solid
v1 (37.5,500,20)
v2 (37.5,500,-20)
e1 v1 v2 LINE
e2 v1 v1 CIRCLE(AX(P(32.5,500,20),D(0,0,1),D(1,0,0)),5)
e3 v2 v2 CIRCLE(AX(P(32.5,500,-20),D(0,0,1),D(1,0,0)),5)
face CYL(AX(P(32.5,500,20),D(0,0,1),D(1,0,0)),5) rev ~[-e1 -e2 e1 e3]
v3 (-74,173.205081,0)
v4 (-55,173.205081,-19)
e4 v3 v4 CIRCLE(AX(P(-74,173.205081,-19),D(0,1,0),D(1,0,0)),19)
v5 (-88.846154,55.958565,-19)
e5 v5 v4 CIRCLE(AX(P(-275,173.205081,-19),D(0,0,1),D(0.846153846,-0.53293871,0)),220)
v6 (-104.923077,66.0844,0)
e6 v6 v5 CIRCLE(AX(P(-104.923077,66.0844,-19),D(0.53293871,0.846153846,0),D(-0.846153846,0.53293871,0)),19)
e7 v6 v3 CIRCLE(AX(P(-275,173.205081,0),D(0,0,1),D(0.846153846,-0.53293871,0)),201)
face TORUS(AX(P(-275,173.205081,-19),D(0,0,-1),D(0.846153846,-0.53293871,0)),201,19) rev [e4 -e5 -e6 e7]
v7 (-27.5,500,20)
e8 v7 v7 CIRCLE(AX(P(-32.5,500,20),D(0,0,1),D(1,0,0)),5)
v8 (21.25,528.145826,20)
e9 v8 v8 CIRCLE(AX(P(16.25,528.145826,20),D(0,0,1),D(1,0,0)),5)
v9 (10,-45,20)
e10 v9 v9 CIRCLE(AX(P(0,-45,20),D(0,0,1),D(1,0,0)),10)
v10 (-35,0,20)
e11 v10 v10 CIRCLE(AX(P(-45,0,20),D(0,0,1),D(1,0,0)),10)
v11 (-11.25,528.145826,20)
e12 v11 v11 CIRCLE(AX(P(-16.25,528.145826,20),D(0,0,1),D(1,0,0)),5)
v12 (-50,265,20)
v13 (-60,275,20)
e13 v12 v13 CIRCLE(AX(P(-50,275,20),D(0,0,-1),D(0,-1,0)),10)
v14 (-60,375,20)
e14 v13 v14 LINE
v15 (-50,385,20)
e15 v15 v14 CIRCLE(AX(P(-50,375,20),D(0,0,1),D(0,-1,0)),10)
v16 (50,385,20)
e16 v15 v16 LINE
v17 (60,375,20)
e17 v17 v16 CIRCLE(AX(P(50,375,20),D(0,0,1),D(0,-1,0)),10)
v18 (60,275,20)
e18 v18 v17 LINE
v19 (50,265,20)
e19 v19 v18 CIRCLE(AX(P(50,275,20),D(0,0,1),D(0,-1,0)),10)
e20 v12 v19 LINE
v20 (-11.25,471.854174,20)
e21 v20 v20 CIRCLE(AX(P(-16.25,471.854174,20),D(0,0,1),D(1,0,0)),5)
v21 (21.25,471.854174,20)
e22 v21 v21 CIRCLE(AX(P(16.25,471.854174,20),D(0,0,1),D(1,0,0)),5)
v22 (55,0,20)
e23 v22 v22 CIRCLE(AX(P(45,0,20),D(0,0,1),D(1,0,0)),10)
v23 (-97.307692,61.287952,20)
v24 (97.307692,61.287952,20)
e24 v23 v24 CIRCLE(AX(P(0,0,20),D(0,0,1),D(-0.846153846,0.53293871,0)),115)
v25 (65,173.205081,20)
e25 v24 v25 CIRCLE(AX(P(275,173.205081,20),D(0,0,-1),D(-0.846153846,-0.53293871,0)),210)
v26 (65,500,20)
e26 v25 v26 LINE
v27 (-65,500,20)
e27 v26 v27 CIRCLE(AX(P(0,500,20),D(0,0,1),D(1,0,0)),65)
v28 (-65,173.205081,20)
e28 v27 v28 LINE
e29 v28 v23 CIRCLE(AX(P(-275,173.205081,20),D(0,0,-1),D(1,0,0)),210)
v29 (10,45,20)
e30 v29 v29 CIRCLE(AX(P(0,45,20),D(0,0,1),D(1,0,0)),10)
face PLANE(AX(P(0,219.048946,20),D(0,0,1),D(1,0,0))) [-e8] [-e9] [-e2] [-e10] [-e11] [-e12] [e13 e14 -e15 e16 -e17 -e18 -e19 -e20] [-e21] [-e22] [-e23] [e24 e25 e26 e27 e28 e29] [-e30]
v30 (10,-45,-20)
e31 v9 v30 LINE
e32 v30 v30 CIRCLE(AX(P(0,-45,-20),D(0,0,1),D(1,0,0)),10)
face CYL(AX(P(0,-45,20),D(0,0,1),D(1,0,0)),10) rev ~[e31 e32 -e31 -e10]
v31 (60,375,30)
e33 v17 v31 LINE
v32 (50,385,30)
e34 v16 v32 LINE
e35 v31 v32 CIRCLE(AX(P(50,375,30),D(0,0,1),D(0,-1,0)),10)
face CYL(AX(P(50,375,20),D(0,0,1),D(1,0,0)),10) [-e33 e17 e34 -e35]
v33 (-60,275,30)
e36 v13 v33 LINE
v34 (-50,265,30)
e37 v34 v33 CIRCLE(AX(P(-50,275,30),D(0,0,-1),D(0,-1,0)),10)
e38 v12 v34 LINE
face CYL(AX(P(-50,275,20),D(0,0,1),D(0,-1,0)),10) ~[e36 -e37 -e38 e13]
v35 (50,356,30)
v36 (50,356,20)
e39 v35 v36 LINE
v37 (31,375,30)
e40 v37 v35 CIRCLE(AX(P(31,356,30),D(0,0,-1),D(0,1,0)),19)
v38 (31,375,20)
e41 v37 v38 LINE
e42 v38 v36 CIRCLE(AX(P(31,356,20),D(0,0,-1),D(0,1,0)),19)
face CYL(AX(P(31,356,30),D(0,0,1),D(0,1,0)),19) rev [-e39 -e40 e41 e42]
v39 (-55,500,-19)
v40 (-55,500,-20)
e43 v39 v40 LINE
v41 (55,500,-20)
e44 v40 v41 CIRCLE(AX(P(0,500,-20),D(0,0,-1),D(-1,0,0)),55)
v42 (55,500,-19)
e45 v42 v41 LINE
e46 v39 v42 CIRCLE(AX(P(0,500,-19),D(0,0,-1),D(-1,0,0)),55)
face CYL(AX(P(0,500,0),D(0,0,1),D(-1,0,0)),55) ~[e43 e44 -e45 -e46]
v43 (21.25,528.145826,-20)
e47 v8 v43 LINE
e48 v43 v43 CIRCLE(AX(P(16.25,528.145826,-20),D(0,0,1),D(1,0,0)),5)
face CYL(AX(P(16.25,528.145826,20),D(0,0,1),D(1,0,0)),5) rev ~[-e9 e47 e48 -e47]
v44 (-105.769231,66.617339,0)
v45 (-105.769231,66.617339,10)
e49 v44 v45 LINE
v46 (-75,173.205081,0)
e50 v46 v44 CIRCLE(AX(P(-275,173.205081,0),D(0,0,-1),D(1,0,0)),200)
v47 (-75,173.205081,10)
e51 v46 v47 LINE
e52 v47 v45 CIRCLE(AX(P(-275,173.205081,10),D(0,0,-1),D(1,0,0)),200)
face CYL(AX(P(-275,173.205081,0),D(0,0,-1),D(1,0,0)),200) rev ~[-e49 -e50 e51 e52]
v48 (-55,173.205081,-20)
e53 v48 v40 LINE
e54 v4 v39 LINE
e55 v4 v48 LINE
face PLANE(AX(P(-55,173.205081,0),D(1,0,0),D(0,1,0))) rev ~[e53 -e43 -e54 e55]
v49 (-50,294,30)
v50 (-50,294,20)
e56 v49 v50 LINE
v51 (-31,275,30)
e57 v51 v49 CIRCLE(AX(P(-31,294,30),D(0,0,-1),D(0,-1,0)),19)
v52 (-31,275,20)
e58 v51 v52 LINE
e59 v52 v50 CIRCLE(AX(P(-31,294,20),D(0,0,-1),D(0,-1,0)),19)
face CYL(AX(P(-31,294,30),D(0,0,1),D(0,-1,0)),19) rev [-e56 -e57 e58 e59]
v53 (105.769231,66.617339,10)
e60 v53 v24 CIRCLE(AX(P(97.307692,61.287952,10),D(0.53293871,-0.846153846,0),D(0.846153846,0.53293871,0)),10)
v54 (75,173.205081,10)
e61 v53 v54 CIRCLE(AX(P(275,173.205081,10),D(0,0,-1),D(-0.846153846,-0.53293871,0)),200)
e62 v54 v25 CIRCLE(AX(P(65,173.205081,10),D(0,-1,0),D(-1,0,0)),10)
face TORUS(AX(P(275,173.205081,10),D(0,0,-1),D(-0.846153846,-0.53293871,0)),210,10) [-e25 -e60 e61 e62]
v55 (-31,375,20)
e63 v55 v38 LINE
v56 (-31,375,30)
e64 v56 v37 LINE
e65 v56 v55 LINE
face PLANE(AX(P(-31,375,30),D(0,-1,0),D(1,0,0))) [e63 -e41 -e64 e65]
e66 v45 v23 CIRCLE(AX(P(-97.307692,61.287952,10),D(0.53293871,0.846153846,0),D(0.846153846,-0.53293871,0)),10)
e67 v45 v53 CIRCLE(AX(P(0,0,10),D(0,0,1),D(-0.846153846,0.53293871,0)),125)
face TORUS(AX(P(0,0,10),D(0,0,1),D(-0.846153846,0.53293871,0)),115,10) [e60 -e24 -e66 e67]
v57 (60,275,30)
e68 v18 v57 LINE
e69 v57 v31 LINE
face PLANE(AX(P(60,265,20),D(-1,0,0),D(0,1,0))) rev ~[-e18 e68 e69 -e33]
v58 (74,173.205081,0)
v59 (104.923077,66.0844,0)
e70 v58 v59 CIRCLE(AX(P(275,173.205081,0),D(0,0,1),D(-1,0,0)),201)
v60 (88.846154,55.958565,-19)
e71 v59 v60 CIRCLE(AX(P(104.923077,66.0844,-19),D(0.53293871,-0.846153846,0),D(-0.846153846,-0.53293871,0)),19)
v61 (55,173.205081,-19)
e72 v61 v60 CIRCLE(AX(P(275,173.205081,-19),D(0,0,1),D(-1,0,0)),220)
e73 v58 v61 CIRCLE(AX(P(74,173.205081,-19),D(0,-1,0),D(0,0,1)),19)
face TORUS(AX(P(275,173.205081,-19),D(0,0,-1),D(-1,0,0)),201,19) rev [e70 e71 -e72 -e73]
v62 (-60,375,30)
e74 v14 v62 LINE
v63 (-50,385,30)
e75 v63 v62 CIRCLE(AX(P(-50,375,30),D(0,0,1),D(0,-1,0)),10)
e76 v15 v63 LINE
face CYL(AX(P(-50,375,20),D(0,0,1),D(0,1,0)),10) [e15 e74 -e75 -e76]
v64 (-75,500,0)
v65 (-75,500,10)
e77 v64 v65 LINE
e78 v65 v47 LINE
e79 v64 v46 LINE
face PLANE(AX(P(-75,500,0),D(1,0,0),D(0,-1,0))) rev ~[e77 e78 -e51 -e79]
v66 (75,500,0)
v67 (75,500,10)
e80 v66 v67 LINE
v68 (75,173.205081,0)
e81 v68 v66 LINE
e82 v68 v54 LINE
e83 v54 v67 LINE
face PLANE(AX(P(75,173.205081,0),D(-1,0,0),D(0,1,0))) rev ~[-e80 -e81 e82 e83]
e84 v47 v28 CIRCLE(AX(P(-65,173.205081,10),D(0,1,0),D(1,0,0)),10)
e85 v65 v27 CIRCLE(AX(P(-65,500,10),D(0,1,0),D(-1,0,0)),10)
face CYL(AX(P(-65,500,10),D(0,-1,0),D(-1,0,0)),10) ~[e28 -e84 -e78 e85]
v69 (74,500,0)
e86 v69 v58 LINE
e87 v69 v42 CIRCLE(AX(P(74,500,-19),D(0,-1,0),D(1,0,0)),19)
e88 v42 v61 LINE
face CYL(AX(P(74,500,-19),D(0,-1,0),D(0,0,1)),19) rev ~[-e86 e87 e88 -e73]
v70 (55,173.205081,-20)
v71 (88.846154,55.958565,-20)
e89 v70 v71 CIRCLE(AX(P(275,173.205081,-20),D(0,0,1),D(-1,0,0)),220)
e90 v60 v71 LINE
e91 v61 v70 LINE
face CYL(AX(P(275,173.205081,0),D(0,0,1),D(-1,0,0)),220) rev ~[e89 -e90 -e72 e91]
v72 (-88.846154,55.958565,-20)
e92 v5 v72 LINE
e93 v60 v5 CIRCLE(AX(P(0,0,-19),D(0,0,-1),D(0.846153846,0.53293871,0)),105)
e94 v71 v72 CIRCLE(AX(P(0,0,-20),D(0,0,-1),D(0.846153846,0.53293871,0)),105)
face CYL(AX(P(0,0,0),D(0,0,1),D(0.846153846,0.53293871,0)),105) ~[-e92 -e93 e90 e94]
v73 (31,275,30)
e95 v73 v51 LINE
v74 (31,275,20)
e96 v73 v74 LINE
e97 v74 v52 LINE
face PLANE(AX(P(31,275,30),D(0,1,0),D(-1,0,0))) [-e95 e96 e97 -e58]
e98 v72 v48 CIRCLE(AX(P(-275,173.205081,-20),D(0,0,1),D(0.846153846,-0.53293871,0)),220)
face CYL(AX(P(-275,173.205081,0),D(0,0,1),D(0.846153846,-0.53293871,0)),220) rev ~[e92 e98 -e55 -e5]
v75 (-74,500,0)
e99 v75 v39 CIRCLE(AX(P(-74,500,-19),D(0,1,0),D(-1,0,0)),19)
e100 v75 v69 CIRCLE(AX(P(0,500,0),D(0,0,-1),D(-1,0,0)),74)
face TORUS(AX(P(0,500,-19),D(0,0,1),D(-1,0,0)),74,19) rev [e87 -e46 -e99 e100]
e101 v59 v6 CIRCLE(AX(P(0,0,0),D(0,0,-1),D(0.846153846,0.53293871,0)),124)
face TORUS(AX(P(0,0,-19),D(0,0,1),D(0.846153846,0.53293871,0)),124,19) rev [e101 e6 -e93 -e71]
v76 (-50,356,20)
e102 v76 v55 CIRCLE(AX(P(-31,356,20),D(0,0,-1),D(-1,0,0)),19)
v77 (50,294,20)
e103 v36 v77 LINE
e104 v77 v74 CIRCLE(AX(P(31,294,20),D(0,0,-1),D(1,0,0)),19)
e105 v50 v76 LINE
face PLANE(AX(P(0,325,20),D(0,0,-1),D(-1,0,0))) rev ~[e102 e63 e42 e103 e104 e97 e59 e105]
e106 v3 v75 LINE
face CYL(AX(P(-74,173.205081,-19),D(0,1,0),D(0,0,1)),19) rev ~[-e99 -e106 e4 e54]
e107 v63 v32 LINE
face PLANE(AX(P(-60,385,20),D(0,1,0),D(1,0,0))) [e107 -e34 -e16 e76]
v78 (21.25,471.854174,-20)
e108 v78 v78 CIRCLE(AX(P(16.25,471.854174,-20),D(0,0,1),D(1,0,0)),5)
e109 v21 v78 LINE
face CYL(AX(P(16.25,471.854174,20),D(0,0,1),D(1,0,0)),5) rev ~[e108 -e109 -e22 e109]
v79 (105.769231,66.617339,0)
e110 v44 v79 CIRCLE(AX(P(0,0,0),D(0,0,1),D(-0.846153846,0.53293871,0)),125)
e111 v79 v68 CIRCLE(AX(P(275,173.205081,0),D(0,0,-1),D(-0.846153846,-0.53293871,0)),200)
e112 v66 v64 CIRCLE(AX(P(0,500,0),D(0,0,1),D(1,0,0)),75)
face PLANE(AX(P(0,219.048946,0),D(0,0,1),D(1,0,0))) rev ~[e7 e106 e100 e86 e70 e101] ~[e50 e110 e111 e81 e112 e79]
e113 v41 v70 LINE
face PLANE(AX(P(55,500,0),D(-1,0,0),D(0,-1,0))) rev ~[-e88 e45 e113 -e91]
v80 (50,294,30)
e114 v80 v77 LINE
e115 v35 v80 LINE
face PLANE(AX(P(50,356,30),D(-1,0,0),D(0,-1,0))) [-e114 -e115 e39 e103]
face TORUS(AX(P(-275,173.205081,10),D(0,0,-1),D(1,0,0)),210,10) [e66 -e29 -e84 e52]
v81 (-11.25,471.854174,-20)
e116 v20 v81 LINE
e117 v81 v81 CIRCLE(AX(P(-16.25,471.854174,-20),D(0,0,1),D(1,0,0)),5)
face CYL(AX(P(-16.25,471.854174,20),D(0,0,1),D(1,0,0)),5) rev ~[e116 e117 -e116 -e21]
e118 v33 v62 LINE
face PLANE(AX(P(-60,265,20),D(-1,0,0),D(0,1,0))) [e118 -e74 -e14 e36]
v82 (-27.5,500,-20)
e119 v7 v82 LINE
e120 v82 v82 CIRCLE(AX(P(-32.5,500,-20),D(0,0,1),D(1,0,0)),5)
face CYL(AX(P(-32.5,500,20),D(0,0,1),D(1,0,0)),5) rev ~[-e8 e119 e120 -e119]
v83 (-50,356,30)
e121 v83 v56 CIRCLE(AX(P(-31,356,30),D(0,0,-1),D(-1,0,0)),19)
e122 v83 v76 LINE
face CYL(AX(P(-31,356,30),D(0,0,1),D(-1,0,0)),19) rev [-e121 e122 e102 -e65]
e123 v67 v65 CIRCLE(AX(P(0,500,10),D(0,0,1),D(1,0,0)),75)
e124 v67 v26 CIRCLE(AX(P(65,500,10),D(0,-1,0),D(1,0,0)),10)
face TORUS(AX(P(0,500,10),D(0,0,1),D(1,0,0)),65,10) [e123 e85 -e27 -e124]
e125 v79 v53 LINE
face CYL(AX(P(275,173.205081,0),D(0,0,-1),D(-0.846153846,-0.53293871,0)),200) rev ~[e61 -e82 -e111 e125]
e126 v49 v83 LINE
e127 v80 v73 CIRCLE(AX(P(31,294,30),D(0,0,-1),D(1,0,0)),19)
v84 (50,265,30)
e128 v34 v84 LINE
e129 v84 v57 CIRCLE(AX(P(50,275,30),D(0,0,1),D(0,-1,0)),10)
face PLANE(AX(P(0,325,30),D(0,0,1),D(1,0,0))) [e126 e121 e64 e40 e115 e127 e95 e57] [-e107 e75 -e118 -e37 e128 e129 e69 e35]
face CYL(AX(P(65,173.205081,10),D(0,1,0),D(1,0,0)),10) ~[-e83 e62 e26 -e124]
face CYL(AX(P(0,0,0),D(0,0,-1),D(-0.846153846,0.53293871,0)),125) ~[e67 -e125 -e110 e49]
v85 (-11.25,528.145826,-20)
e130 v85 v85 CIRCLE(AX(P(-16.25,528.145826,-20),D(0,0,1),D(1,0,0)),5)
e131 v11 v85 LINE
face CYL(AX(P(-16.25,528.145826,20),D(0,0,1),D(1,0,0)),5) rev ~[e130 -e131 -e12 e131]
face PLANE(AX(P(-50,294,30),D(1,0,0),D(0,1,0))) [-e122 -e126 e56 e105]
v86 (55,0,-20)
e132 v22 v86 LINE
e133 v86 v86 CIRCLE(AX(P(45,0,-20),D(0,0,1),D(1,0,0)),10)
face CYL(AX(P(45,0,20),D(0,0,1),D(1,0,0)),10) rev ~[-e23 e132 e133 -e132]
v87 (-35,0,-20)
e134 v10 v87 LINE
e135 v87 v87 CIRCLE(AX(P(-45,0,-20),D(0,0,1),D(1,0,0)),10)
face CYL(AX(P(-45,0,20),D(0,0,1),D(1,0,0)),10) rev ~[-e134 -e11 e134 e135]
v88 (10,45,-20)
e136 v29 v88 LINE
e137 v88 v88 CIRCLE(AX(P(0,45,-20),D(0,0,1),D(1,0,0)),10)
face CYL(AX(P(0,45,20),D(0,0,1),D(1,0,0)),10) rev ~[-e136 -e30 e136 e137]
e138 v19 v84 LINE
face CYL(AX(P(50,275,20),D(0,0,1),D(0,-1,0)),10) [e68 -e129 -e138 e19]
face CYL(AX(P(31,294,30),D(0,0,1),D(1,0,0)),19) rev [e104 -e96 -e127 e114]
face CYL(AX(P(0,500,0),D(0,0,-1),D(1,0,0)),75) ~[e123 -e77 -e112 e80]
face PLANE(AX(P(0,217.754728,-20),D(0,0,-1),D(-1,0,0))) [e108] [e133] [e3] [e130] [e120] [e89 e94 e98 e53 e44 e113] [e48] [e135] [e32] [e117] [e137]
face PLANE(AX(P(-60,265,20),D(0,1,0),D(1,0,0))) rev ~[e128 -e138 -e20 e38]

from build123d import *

# Parameters (mm, degrees)
BOSS_EXTRUDE1_DEPTH = 20
BOSS_EXTRUDE2_DEPTH = 20
FILLET1_R           = 19
FILLET2_R           = 10
SKETCH3_R           = 5
SKETCH3_R_2         = 10
CUT_EXTRUDE1_DEPTH  = 590.788097561
SKETCH4_W           = 120
SKETCH4_H           = 120
BOSS_EXTRUDE3_DEPTH = 10
FILLET3_R           = 10
CUT_EXTRUDE2_DEPTH  = 10


with BuildPart() as part:
    # Sketch1 → Boss-Extrude1 (new body)
    with BuildSketch(Plane.XY):
        with BuildLine():
            Line((-75, 500), (-75, 173.205080757))
            ThreePointArc((-75, 173.205080757), (-82.846215434, 117.735061134), (-105.769230769, 66.617338753))
            ThreePointArc((-105.769230769, 66.617338753), (0, -125), (105.769230769, 66.617338753))
            ThreePointArc((105.769230769, 66.617338753), (82.846215434, 117.735061134), (75, 173.205080757))
            Line((75, 173.205080757), (75, 500))
            ThreePointArc((75, 500), (0, 575), (-75, 500))
        make_face()
    extrude(amount=BOSS_EXTRUDE1_DEPTH)

    # Sketch2 → Boss-Extrude2 (add)
    with BuildSketch(Plane(origin=(0, 0, 0), x_dir=(-1, 0, 0), z_dir=(0, 0, -1))):
        with BuildLine():
            Line((-55, 500), (-55, 173.205080757))
            ThreePointArc((-55, 173.205080757), (-63.630836977, 112.188059172), (-88.846153846, 55.958564552))
            ThreePointArc((-88.846153846, 55.958564552), (0, -105), (88.846153846, 55.958564552))
            ThreePointArc((88.846153846, 55.958564552), (63.630836977, 112.188059172), (55, 173.205080757))
            Line((55, 173.205080757), (55, 500))
            ThreePointArc((55, 500), (0, 555), (-55, 500))
        make_face()
    extrude(amount=BOSS_EXTRUDE2_DEPTH)

    # Fillet1
    fillet1_edges = [part.edges().sort_by_distance(p)[0] for p in [
        (0, 555, 0),
        (55, 336.602540378, 0),
        (63.630836977, 112.188059172, 0),
        (0, -105, 0),
        (-63.630836977, 112.188059172, 0),
        (-55, 336.602540378, 0),
    ]]
    fillet(fillet1_edges, radius=FILLET1_R)

    # Fillet2
    fillet2_edges = [part.edges().sort_by_distance(p)[0] for p in [
        (-82.846215434, 117.735061134, 20),
        (0, -125, 20),
        (82.846215434, 117.735061134, 20),
        (75, 336.602540378, 20),
        (0, 575, 20),
        (-75, 336.602540378, 20),
    ]]
    fillet(fillet2_edges, radius=FILLET2_R)

    # Sketch3 → Cut-Extrude1 (cut, through all)
    with BuildSketch(Plane.XY.offset(20)):
        with Locations((-32.5, 500)):
            Circle(SKETCH3_R)
        with Locations((-16.25, 528.145825623)):
            Circle(SKETCH3_R)
        with Locations((16.25, 528.145825623)):
            Circle(SKETCH3_R)
        with Locations((32.5, 500)):
            Circle(SKETCH3_R)
        with Locations((16.25, 471.854174377)):
            Circle(SKETCH3_R)
        with Locations((-16.25, 471.854174377)):
            Circle(SKETCH3_R)
        with Locations((-45, 0)):
            Circle(SKETCH3_R_2)
        with Locations((0, 45)):
            Circle(SKETCH3_R_2)
        with Locations((45, 0)):
            Circle(SKETCH3_R_2)
        with Locations((0, -45)):
            Circle(SKETCH3_R_2)
    extrude(amount=-CUT_EXTRUDE1_DEPTH, mode=Mode.SUBTRACT)

    # Sketch4 → Boss-Extrude3 (add)
    with BuildSketch(Plane.XY.offset(20)):
        with Locations((0, 325)):
            Rectangle(SKETCH4_W, SKETCH4_H)
    extrude(amount=BOSS_EXTRUDE3_DEPTH)

    # Fillet3
    fillet3_edges = [part.edges().sort_by_distance(p)[0] for p in [
        (60, 265, 25),
        (60, 385, 25),
        (-60, 385, 25),
        (-60, 265, 25),
    ]]
    fillet(fillet3_edges, radius=FILLET3_R)

    # Sketch5 → Cut-Extrude2 (cut)
    with BuildSketch(Plane.XY.offset(30)):
        with BuildLine():
            Line((31, 275), (-31, 275))
            ThreePointArc((-31, 275), (-44.435028843, 280.564971157), (-50, 294))
            Line((-50, 294), (-50, 356))
            ThreePointArc((-50, 356), (-44.435028843, 369.435028843), (-31, 375))
            Line((-31, 375), (31, 375))
            ThreePointArc((31, 375), (44.435028843, 369.435028843), (50, 356))
            Line((50, 356), (50, 294))
            ThreePointArc((50, 294), (44.435028843, 280.564971157), (31, 275))
        make_face()
    extrude(amount=-CUT_EXTRUDE2_DEPTH, mode=Mode.SUBTRACT)


solid = part.part
